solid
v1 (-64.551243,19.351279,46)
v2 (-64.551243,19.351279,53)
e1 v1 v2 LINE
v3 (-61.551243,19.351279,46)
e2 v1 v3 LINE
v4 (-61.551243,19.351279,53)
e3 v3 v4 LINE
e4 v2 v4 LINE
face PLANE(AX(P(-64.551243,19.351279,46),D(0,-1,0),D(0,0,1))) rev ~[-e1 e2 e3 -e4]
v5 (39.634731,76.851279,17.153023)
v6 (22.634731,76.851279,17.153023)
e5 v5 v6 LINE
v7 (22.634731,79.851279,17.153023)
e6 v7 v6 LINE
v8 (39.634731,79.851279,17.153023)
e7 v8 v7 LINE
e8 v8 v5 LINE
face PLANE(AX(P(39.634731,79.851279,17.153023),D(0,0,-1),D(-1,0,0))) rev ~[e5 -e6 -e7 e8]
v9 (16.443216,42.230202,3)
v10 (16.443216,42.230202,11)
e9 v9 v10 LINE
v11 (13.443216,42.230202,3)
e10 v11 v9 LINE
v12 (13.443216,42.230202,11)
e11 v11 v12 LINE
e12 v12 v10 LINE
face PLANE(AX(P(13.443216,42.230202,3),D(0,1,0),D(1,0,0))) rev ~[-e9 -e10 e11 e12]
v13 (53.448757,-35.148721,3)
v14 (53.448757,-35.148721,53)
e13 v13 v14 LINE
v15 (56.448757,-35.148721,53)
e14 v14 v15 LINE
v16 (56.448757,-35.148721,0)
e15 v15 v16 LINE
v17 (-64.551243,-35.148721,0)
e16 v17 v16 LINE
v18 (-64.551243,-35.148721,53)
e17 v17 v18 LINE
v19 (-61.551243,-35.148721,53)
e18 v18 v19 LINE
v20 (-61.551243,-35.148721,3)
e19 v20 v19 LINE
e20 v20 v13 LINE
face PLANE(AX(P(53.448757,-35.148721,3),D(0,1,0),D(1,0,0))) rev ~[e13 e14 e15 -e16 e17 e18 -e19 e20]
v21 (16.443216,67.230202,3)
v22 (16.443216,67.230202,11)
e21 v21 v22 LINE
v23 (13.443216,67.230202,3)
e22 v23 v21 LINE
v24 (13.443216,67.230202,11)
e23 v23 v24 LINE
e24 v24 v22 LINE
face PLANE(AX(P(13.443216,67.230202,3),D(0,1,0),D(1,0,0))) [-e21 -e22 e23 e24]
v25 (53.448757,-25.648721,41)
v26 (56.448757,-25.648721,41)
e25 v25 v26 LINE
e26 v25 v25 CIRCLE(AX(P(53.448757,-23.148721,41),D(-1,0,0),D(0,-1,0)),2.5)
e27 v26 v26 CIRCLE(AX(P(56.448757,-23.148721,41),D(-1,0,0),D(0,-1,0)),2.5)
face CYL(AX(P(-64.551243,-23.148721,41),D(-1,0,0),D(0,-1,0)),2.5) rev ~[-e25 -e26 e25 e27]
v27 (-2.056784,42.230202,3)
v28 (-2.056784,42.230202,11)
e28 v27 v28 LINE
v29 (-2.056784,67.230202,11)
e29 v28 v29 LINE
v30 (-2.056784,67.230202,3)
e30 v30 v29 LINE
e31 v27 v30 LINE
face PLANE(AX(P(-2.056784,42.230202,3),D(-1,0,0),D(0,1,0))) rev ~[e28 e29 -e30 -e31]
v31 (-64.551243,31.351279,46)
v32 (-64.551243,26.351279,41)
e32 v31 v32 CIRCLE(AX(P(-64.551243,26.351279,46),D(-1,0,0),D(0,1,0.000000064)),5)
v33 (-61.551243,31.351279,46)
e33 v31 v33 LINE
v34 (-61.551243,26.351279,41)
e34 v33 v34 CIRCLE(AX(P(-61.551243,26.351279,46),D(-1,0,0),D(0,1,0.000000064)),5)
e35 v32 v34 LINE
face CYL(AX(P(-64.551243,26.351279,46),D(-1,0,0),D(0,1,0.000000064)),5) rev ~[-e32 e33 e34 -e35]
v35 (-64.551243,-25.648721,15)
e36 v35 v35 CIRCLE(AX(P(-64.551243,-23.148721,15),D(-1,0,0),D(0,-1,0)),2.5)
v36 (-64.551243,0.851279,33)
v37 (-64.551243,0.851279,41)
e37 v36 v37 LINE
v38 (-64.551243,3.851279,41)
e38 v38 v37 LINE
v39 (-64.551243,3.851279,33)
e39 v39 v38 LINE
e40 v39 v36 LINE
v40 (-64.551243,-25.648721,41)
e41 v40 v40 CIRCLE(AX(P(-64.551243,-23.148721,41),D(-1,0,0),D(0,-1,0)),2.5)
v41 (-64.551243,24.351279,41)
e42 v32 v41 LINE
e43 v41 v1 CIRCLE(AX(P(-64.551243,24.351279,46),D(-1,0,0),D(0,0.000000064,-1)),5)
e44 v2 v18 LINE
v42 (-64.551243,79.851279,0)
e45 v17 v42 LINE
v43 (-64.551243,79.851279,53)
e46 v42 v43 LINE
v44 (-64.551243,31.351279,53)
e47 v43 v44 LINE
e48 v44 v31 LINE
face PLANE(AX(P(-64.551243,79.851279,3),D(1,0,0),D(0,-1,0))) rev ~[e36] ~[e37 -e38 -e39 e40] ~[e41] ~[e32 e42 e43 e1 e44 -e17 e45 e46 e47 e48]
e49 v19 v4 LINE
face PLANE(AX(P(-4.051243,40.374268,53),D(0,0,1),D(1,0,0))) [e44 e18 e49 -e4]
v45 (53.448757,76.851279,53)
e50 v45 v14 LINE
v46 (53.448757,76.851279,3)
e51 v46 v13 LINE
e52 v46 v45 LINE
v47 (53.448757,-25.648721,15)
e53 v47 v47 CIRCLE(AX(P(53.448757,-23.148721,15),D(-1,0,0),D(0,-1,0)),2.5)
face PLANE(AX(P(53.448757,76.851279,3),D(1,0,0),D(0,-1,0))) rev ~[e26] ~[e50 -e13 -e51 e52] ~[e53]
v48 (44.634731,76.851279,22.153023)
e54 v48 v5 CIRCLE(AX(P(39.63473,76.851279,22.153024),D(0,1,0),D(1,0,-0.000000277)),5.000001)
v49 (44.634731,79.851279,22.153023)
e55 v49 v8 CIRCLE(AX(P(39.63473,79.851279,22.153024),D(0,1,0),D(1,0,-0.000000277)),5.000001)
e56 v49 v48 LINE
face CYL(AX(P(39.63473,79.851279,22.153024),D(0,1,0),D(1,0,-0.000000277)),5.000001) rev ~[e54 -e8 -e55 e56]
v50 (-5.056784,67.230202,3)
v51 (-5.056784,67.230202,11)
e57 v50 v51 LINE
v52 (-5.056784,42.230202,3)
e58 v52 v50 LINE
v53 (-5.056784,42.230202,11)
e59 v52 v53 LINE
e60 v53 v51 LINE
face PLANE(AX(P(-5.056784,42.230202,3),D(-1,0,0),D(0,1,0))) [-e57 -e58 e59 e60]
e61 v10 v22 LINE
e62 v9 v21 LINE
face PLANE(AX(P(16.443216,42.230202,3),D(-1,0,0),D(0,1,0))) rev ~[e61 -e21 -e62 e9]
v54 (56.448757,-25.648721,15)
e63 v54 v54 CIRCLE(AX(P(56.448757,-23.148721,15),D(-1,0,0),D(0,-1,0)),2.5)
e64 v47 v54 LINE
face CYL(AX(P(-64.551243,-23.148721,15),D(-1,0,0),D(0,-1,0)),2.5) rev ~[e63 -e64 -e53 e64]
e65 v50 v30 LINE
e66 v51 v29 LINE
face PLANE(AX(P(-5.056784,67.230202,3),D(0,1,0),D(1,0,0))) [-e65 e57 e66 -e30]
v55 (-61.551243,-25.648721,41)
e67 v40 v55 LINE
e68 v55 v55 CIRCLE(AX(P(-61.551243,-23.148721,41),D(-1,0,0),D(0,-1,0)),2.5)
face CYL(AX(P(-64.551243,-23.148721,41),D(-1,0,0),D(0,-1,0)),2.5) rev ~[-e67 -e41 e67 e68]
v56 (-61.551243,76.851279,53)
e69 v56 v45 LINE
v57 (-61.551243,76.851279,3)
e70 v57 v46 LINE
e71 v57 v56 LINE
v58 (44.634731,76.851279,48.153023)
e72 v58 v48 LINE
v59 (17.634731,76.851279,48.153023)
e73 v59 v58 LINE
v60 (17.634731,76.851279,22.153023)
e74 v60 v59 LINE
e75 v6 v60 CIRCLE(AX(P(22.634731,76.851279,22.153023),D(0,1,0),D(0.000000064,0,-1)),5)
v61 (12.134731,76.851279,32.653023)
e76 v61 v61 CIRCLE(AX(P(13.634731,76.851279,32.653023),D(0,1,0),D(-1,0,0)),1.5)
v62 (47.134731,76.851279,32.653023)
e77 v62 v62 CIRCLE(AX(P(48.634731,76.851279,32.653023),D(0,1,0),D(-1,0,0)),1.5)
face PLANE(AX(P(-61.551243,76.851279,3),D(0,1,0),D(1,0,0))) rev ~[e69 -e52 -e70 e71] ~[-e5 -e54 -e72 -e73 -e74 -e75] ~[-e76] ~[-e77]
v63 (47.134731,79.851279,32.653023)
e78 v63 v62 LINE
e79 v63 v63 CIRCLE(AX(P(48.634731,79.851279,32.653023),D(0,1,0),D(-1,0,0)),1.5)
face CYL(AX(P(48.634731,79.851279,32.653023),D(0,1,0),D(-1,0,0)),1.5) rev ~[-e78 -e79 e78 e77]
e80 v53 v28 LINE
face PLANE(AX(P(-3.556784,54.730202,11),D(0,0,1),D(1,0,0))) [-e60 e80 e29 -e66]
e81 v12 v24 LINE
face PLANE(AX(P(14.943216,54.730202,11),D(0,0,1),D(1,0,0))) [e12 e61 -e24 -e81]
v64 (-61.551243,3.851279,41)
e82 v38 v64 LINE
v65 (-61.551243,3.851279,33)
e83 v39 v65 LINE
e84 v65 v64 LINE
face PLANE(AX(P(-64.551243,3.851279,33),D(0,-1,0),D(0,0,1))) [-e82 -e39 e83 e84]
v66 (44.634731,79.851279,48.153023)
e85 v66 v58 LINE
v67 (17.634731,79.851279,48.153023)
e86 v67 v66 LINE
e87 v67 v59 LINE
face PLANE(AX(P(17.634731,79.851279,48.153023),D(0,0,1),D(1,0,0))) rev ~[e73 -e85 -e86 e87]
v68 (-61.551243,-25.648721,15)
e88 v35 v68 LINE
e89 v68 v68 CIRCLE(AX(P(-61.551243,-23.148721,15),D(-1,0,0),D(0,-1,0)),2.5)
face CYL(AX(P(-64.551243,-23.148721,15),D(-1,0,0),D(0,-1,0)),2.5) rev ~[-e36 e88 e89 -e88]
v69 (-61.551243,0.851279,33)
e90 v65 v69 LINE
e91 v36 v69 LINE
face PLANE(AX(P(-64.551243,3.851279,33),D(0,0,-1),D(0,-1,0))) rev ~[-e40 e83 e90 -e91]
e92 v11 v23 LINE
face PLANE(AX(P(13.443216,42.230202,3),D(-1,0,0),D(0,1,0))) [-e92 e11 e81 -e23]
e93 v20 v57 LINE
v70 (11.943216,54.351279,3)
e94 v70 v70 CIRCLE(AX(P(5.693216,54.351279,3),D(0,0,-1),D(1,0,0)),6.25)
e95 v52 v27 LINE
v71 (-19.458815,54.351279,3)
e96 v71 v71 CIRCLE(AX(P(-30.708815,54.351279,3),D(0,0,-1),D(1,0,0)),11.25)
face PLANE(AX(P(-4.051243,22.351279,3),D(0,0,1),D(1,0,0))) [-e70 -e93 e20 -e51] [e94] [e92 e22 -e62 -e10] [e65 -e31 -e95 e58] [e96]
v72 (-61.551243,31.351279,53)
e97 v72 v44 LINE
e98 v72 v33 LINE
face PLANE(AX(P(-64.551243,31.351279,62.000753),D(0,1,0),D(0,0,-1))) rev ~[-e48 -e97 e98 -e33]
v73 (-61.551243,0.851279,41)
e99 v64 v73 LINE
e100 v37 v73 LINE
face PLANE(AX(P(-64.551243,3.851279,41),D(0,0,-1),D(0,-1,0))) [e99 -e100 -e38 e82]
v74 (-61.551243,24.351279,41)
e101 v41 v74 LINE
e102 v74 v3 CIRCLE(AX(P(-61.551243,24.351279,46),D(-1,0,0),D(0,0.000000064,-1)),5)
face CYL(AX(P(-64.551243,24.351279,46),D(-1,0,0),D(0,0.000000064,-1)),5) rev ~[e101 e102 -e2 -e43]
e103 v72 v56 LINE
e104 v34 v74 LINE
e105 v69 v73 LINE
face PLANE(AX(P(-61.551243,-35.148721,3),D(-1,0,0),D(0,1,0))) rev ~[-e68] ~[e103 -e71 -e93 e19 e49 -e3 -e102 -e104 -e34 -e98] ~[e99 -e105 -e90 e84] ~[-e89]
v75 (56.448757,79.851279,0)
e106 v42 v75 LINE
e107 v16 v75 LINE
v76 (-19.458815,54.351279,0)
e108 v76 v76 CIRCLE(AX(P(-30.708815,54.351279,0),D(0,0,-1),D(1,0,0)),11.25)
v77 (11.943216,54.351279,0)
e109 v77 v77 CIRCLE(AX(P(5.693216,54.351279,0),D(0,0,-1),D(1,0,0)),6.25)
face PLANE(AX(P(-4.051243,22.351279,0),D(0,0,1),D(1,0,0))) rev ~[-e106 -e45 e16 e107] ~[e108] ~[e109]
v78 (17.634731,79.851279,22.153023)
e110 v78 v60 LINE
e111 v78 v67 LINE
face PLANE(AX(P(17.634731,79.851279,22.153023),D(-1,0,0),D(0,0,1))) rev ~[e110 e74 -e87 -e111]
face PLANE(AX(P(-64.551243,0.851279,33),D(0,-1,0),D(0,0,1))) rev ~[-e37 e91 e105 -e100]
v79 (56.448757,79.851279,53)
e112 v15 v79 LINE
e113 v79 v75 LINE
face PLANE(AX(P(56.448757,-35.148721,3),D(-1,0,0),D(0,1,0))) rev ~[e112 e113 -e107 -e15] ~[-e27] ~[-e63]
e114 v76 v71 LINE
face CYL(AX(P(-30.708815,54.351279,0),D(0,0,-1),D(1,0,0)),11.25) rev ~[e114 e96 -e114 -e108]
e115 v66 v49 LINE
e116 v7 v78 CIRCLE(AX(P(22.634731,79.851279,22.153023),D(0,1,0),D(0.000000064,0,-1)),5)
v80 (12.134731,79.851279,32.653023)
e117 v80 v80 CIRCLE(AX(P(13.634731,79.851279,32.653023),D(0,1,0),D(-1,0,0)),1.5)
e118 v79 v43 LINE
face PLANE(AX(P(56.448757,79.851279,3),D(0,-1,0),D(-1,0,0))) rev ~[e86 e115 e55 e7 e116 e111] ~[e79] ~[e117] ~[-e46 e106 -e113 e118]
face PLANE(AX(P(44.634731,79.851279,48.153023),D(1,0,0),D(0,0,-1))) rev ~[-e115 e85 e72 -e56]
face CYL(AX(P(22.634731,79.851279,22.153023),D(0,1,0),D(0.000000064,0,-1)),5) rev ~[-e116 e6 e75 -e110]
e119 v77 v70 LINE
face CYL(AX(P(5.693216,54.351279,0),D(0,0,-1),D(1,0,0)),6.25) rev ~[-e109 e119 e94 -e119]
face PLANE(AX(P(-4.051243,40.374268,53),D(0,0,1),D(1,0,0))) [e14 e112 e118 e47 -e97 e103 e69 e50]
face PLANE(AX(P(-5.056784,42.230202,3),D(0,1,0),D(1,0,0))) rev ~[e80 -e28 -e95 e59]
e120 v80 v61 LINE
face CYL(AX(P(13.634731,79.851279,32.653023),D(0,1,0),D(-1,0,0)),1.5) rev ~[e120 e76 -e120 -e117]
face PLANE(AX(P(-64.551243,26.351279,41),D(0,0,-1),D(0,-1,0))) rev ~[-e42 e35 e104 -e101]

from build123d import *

# Parameters (mm, degrees)
F0_W      = 121
F0_H      = 115
F1_DEPTH  = 3
F3_DEPTH  = 50
F4_R      = 2.5
F5_DEPTH  = 121.001
F6_R      = 11.25
F6_R_2    = 6.25
F7_DEPTH  = 25
F8_W      = 3
F8_H      = 25
F9_DEPTH  = 8
F10_R     = 1.5
F11_DEPTH = 25
F13_DEPTH = 25
F14_R     = 2.5
F14_W     = 3
F14_H     = 8
F15_DEPTH = 25


with BuildPart() as f1:
    # F0 (on Top) → F1 (new body)
    with BuildSketch(Plane.XY):
        with Locations((-4.051243, 22.351279)):
            Rectangle(F0_W, F0_H)
    extrude(amount=F1_DEPTH)

    # F2 (on face) → F3 (join)
    with BuildSketch(Plane.XY.offset(3)):
        Polygon((56.448757, 79.851279), (-64.551243, 79.851279), (-64.551243, -35.148721), (-61.551243, -35.148721), (-61.551243, 76.851279), (53.448757, 76.851279), (53.448757, -35.148721), (56.448757, -35.148721), align=None)
    extrude(amount=F3_DEPTH)

    # F4 (on face) → F5 (cut, through all)
    with BuildSketch(Plane(origin=(-64.551243, 0, 0), x_dir=(0, -1, 0), z_dir=(-1, 0, 0))):
        with Locations((23.148721, 15)):
            Circle(F4_R)
        with Locations((23.148721, 41)):
            Circle(F4_R)
    extrude(amount=-F5_DEPTH, mode=Mode.SUBTRACT)

    # F6 (on face) → F7 (cut)
    with BuildSketch(Plane(origin=(0, 0, 0), x_dir=(1, 0, 0), z_dir=(0, 0, -1))):
        with Locations((-30.708815, -54.351279)):
            Circle(F6_R)
        with Locations((5.693216, -54.351279)):
            Circle(F6_R_2)
    extrude(amount=-F7_DEPTH, mode=Mode.SUBTRACT)

    # F8 (on face) → F9 (join)
    with BuildSketch(Plane.XY.offset(3)):
        with Locations((-3.556784, 54.730202)):
            Rectangle(F8_W, F8_H)
        with Locations((14.943216, 54.730202)):
            Rectangle(F8_W, F8_H)
    extrude(amount=F9_DEPTH)

    # F10 (on face) → F11 (cut)
    with BuildSketch(Plane(origin=(0, 79.851279, 0), x_dir=(-1, 0, 0), z_dir=(0, 1, 0))):
        with BuildLine():
            ThreePointArc((-44.634731, 22.153023), (-43.170264, 18.617489), (-39.634731, 17.153023))
            Line((-39.634731, 17.153023), (-22.634731, 17.153023))
            ThreePointArc((-22.634731, 17.153023), (-19.099197, 18.617489), (-17.634731, 22.153023))
            Line((-17.634731, 22.153023), (-17.634731, 48.153023))
            Line((-17.634731, 48.153023), (-44.634731, 48.153023))
            Line((-44.634731, 48.153023), (-44.634731, 22.153023))
        make_face()
        with Locations((-13.634731, 32.653023)):
            Circle(F10_R)
        with Locations((-48.634731, 32.653023)):
            Circle(F10_R)
    extrude(amount=-F11_DEPTH, mode=Mode.SUBTRACT)

    # F12 (on face) → F13 (cut)
    with BuildSketch(Plane(origin=(-64.551243, 0, 0), x_dir=(0, -1, 0), z_dir=(-1, 0, 0))):
        with BuildLine():
            Line((-19.351279, 62.000753), (-31.351279, 62.000753))
            Line((-31.351279, 62.000753), (-31.351279, 46))
            ThreePointArc((-31.351279, 46), (-29.886813, 42.464466), (-26.351279, 41))
            Line((-26.351279, 41), (-24.351279, 41))
            ThreePointArc((-24.351279, 41), (-20.815745, 42.464466), (-19.351279, 46))
            Line((-19.351279, 46), (-19.351279, 62.000753))
        make_face()
    extrude(amount=-F13_DEPTH, mode=Mode.SUBTRACT)

    # F14 (on face) → F15 (cut)
    with BuildSketch(Plane(origin=(-64.551243, 0, 0), x_dir=(0, -1, 0), z_dir=(-1, 0, 0))):
        with Locations((23.148721, 41)):
            Circle(F14_R)
        with Locations((-2.351279, 37)):
            Rectangle(F14_W, F14_H)
    extrude(amount=-F15_DEPTH, mode=Mode.SUBTRACT)


solid = f1.part
